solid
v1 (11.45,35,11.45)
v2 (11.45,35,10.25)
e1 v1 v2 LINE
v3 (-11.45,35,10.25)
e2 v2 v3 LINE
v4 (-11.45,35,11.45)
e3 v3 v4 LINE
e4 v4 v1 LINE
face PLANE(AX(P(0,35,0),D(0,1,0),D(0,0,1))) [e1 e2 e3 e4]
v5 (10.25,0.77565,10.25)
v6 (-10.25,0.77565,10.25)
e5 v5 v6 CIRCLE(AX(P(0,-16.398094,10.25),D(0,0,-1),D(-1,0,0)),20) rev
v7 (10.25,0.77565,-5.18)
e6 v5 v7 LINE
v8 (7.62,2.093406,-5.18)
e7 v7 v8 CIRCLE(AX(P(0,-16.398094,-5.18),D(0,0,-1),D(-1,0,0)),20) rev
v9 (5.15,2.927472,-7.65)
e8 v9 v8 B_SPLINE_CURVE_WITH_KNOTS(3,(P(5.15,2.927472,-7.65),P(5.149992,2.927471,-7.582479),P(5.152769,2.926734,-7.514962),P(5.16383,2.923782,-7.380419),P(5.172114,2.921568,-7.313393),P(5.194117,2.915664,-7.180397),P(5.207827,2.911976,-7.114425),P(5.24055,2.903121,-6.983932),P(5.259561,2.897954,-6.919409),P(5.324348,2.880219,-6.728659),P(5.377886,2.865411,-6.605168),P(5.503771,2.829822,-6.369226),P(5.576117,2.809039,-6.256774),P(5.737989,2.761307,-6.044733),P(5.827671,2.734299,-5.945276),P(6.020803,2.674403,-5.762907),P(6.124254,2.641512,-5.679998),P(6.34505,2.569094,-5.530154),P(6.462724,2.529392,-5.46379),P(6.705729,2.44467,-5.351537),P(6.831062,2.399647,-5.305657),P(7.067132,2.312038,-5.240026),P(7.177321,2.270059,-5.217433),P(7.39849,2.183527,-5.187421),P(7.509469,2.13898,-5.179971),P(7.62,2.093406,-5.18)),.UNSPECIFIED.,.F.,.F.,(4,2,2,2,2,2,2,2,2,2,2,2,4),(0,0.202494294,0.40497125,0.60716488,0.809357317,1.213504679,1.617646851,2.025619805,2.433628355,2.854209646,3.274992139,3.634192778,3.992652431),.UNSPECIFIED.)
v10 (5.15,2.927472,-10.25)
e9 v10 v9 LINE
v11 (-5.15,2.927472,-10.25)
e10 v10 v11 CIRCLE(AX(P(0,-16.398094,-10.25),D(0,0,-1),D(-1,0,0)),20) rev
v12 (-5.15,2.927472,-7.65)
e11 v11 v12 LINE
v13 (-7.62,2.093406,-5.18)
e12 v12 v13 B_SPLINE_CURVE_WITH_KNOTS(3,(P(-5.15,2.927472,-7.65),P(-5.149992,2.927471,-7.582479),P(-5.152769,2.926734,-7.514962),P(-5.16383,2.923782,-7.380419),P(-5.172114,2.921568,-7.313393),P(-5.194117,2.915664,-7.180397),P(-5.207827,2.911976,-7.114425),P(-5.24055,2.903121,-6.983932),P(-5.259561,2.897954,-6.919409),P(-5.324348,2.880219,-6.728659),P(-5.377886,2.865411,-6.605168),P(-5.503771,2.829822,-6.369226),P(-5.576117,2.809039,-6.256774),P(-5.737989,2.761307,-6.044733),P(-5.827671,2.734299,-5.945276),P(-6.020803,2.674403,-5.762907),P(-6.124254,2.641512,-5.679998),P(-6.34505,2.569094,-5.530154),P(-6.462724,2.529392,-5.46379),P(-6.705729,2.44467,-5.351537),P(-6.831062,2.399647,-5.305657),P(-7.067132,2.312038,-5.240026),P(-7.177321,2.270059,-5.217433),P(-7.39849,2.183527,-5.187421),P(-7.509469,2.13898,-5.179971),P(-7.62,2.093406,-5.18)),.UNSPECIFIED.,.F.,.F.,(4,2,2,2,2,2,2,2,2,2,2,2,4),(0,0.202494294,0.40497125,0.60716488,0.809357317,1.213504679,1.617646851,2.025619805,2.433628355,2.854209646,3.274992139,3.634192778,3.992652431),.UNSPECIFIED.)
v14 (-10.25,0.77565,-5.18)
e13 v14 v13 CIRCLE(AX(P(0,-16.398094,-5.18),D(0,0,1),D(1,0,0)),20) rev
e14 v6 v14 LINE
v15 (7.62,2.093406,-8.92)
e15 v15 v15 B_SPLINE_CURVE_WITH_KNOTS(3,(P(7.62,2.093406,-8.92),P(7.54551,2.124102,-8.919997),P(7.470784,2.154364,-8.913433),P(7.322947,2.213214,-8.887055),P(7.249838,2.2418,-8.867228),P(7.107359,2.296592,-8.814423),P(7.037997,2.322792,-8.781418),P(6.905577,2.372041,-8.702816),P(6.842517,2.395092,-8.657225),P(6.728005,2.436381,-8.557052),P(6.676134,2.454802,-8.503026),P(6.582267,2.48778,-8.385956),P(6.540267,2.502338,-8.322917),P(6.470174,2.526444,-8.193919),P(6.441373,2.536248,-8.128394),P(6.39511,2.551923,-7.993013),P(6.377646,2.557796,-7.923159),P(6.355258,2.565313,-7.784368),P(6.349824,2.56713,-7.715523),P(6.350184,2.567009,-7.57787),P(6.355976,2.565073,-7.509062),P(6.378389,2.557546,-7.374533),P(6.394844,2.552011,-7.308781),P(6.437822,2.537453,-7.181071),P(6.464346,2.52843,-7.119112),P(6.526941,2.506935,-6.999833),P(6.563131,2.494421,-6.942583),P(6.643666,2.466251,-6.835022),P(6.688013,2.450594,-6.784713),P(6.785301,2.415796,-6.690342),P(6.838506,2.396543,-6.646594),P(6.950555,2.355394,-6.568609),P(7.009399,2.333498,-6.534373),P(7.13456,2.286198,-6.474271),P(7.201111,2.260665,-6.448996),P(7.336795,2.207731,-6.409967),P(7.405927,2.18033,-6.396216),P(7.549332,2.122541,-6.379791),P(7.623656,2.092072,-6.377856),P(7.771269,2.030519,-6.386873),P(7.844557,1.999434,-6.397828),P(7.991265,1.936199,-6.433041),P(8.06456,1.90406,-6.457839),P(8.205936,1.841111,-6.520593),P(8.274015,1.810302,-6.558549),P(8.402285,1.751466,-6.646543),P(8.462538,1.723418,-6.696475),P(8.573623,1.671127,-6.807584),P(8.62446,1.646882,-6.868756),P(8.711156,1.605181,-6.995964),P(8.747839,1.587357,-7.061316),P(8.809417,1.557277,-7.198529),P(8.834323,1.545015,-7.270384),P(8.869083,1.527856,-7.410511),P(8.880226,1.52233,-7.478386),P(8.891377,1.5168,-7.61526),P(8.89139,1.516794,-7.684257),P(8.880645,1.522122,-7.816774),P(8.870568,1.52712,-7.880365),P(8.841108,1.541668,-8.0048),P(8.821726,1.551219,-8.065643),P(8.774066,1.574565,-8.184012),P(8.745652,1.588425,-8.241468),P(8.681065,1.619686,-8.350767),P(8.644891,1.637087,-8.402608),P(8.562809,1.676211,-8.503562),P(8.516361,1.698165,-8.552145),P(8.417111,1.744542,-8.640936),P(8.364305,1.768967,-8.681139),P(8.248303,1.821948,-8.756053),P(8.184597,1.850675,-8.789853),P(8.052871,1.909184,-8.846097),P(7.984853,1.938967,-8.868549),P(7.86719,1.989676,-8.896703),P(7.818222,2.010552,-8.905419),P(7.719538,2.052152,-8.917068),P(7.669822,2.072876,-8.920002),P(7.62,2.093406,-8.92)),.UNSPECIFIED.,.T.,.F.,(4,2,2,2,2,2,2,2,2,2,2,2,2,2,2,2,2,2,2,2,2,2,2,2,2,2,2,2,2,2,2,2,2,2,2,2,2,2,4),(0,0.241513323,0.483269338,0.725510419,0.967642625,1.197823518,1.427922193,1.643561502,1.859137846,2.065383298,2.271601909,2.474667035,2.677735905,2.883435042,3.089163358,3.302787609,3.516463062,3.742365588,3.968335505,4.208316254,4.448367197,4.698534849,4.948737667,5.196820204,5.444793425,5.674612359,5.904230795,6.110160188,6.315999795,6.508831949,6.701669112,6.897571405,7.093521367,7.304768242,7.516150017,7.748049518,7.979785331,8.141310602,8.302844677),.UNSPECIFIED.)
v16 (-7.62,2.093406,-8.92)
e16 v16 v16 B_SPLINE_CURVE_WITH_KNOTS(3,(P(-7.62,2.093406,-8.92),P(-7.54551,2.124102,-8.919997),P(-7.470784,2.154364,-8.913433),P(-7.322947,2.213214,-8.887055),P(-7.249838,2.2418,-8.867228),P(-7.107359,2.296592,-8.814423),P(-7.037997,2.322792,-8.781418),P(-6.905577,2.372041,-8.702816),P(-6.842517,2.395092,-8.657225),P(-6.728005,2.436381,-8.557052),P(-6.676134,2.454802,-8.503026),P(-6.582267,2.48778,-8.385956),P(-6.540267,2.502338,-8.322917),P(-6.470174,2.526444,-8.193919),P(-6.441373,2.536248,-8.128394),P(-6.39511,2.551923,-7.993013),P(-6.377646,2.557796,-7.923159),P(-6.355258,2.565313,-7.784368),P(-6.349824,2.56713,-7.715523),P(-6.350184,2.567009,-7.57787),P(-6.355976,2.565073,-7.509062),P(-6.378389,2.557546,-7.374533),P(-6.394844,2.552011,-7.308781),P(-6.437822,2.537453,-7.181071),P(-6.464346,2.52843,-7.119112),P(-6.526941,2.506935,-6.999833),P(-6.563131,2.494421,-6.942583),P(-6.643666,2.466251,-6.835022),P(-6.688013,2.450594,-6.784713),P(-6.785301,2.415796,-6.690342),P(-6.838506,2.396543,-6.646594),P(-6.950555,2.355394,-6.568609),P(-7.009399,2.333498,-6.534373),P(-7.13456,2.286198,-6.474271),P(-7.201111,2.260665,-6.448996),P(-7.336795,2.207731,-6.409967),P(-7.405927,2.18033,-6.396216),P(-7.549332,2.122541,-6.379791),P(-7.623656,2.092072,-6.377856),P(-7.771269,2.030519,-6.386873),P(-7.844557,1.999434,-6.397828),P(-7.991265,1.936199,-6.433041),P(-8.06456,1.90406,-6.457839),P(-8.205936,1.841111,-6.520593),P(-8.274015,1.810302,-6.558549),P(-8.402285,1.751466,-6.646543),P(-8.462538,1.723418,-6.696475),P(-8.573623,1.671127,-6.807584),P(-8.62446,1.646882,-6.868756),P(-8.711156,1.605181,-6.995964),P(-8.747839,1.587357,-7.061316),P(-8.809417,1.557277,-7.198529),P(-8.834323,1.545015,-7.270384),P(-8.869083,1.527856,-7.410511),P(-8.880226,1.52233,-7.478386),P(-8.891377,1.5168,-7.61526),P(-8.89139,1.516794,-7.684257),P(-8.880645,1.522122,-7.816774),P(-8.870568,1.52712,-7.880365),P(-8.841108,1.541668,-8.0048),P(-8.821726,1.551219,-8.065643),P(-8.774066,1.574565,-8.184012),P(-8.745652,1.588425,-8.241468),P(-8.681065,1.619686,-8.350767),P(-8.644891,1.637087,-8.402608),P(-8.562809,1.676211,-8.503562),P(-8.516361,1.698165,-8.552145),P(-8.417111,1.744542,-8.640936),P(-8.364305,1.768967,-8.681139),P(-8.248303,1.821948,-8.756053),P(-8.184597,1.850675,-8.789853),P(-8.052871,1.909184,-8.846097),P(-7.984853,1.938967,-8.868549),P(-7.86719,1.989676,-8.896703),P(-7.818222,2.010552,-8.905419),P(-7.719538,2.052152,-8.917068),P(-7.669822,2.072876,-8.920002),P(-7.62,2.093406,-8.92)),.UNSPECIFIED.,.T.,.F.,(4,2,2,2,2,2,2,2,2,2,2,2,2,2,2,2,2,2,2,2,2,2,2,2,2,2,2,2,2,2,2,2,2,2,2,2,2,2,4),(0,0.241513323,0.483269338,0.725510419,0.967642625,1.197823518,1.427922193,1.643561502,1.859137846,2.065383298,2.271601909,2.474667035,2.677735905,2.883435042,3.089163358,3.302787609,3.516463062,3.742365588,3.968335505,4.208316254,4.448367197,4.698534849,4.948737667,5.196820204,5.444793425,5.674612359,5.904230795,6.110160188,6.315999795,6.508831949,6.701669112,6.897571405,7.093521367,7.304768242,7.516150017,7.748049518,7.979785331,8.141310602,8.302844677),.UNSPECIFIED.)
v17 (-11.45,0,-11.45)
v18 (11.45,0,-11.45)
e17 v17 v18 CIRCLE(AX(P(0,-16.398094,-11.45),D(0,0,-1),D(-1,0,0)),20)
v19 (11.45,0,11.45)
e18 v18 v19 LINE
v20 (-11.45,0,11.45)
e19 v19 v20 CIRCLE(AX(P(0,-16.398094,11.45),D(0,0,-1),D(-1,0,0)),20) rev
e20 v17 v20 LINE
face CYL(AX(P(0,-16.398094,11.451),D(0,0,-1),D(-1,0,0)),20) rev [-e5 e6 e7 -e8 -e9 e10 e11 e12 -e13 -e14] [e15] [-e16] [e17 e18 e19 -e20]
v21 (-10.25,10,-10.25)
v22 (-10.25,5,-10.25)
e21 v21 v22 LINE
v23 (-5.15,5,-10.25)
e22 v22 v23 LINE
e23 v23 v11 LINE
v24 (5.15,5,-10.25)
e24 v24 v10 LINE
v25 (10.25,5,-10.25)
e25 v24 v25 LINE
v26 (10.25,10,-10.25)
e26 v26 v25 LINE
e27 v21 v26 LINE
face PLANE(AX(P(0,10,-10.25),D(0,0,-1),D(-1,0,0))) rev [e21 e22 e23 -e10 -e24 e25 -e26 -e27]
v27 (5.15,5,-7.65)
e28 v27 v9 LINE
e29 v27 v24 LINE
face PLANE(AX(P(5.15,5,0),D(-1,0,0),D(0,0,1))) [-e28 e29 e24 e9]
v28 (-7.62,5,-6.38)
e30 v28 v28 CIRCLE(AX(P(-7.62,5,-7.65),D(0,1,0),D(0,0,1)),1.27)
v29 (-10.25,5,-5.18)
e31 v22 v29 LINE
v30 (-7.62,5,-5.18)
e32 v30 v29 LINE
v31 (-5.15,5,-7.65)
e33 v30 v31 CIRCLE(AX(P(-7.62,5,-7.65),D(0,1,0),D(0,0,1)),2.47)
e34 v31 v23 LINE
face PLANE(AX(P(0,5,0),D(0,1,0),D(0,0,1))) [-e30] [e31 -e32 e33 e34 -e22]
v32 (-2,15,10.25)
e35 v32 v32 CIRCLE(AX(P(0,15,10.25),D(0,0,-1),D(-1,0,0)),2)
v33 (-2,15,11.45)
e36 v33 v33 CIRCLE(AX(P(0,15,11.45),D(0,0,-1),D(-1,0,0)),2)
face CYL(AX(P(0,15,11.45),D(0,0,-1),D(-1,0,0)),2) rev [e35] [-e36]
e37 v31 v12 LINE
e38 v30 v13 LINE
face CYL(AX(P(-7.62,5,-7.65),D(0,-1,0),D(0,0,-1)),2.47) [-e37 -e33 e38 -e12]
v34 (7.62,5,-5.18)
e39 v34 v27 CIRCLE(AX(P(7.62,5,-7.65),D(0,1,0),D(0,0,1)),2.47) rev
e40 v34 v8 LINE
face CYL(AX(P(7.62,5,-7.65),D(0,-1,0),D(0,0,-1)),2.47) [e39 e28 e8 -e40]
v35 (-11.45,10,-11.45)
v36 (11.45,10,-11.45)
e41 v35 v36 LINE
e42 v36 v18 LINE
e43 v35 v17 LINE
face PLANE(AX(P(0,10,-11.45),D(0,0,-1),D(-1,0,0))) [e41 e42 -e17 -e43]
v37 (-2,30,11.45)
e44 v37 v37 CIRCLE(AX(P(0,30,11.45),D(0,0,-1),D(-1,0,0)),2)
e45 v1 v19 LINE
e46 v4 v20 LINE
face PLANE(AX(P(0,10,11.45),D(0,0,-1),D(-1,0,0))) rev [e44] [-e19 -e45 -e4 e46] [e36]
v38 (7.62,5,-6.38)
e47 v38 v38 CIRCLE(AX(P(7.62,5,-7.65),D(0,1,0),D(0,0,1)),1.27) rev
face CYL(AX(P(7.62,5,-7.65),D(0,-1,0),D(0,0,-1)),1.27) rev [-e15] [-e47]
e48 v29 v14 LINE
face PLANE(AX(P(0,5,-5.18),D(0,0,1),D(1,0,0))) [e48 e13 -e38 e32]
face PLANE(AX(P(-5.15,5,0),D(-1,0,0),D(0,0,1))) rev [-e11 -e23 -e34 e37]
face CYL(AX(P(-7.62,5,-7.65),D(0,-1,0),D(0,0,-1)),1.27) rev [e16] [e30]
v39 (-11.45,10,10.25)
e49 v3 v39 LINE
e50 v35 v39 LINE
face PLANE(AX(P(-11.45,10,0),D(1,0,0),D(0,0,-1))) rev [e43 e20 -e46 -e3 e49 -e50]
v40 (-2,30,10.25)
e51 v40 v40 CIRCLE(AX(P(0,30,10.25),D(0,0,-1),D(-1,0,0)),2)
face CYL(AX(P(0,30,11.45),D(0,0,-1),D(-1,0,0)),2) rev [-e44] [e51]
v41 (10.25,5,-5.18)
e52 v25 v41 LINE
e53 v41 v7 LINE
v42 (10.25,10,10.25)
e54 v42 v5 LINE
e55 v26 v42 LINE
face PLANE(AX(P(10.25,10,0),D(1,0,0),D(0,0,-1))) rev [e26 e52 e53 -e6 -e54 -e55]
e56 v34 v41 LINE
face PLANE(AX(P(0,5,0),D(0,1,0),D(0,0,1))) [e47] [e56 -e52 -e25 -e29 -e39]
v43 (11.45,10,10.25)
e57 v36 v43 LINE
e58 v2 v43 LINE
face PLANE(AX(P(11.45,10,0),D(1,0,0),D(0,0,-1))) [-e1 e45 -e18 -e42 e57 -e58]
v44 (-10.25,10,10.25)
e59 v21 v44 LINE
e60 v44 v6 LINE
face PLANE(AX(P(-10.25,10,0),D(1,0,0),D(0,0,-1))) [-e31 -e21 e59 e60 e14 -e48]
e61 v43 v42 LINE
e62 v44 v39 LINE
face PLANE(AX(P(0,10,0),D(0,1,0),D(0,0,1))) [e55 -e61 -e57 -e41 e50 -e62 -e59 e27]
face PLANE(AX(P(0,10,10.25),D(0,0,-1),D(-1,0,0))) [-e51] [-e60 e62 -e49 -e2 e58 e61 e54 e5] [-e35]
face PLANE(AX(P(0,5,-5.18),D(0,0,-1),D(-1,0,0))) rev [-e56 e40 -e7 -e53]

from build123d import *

# Parameters (mm, degrees)
SKETCH_1_W          = 22.9
SKETCH_1_H          = 22.9
SKETCH_1_W_2        = 20.5
SKETCH_1_H_2        = 20.5
EXTRUDE_1_DEPTH     = 10
SKETCH_1_4_R        = 1.27
EXTRUDE_2_DEPTH     = 5
EXTRUDE_3_DEPTH     = 10
SKETCH_3_W          = 22.9
SKETCH_3_H          = 1.2
EXTRUDE_4_DEPTH     = 25
CUT_EXTRUDE_1_REACH = 45.365
SKETCH_4_R          = 20
SKETCH_5_R          = 2
CUT_EXTRUDE_2_DEPTH = 43.743332891


with BuildPart() as part:
    # 草图1 → 凸台-拉伸1 (new body)
    with BuildSketch(Plane(origin=(0, 0, 0), x_dir=(1, 0, 0), z_dir=(0, 1, 0))):
        Rectangle(SKETCH_1_W, SKETCH_1_H)
        Rectangle(SKETCH_1_W_2, SKETCH_1_H_2, mode=Mode.SUBTRACT)
    extrude(amount=EXTRUDE_1_DEPTH)

    # 草图1<4> → 凸台-拉伸2 (add)
    # profile 1 of 2: a face of its own
    with BuildSketch(Plane(origin=(0, 0, 0), x_dir=(1, 0, 0), z_dir=(0, 1, 0))):
        with BuildLine():
            Line((-5.15, 10.25), (-10.25, 10.25))
            Line((-10.25, 10.25), (-10.25, 5.18))
            Line((-10.25, 5.18), (-7.62, 5.18))
            ThreePointArc((-7.62, 5.18), (-5.87344625, 5.90344625), (-5.15, 7.65))
            Line((-5.15, 7.65), (-5.15, 10.25))
        make_face()
        with Locations((-7.62, 7.65)):
            Circle(SKETCH_1_4_R, mode=Mode.SUBTRACT)
    # profile 2 of 2: a face of its own
    with BuildSketch(Plane(origin=(0, 0, 0), x_dir=(1, 0, 0), z_dir=(0, 1, 0))):
        with BuildLine():
            Line((10.25, 10.25), (5.15, 10.25))
            Line((5.15, 10.25), (5.15, 7.65))
            ThreePointArc((5.15, 7.65), (5.87344625, 5.90344625), (7.62, 5.18))
            Line((7.62, 5.18), (10.25, 5.18))
            Line((10.25, 5.18), (10.25, 10.25))
        make_face()
        with Locations((7.62, 7.65)):
            Circle(SKETCH_1_4_R, mode=Mode.SUBTRACT)
    extrude(amount=EXTRUDE_2_DEPTH)

    # 草图1<5> → 凸台-拉伸3 (add)
    with BuildSketch(Plane(origin=(0, 0, 0), x_dir=(1, 0, 0), z_dir=(0, 1, 0))):
        Polygon((10.25, -10.25), (-10.25, -10.25), (-11.45, -10.25), (-11.45, -11.45), (11.45, -11.45), (11.45, -10.25), align=None)
    extrude(amount=EXTRUDE_3_DEPTH)

    # 草图3 → 凸台-拉伸4 (add)
    with BuildSketch(Plane(origin=(0, 10, 0), x_dir=(1, 0, 0), z_dir=(0, 1, 0))):
        with Locations((0, -10.85)):
            Rectangle(SKETCH_3_W, SKETCH_3_H)
    extrude(amount=EXTRUDE_4_DEPTH)

    # 草图4 → 切除-拉伸1 (cut, up to next)
    with BuildSketch(Plane(origin=(0, 0, -11.45), x_dir=(-1, 0, 0), z_dir=(0, 0, -1)), mode=Mode.PRIVATE) as cut_extrude_1_sk1:
        with Locations((0, -16.398094401)):
            Circle(SKETCH_4_R)
    cut_extrude_1_tool1 = extrude(cut_extrude_1_sk1.sketch, amount=-CUT_EXTRUDE_1_REACH, mode=Mode.PRIVATE) & part.part
    add(cut_extrude_1_tool1.solids().sort_by_distance((0, -16.398094, -11.45))[0], mode=Mode.SUBTRACT)

    # 草图5 → 切除-拉伸2 (cut, through all)
    with BuildSketch(Plane(origin=(0, 0, 10.25), x_dir=(-1, 0, 0), z_dir=(0, 0, -1))):
        with Locations((0, 15)):
            Circle(SKETCH_5_R)
        with Locations((0, 30)):
            Circle(SKETCH_5_R)
    extrude(amount=-CUT_EXTRUDE_2_DEPTH, mode=Mode.SUBTRACT)


solid = part.part
